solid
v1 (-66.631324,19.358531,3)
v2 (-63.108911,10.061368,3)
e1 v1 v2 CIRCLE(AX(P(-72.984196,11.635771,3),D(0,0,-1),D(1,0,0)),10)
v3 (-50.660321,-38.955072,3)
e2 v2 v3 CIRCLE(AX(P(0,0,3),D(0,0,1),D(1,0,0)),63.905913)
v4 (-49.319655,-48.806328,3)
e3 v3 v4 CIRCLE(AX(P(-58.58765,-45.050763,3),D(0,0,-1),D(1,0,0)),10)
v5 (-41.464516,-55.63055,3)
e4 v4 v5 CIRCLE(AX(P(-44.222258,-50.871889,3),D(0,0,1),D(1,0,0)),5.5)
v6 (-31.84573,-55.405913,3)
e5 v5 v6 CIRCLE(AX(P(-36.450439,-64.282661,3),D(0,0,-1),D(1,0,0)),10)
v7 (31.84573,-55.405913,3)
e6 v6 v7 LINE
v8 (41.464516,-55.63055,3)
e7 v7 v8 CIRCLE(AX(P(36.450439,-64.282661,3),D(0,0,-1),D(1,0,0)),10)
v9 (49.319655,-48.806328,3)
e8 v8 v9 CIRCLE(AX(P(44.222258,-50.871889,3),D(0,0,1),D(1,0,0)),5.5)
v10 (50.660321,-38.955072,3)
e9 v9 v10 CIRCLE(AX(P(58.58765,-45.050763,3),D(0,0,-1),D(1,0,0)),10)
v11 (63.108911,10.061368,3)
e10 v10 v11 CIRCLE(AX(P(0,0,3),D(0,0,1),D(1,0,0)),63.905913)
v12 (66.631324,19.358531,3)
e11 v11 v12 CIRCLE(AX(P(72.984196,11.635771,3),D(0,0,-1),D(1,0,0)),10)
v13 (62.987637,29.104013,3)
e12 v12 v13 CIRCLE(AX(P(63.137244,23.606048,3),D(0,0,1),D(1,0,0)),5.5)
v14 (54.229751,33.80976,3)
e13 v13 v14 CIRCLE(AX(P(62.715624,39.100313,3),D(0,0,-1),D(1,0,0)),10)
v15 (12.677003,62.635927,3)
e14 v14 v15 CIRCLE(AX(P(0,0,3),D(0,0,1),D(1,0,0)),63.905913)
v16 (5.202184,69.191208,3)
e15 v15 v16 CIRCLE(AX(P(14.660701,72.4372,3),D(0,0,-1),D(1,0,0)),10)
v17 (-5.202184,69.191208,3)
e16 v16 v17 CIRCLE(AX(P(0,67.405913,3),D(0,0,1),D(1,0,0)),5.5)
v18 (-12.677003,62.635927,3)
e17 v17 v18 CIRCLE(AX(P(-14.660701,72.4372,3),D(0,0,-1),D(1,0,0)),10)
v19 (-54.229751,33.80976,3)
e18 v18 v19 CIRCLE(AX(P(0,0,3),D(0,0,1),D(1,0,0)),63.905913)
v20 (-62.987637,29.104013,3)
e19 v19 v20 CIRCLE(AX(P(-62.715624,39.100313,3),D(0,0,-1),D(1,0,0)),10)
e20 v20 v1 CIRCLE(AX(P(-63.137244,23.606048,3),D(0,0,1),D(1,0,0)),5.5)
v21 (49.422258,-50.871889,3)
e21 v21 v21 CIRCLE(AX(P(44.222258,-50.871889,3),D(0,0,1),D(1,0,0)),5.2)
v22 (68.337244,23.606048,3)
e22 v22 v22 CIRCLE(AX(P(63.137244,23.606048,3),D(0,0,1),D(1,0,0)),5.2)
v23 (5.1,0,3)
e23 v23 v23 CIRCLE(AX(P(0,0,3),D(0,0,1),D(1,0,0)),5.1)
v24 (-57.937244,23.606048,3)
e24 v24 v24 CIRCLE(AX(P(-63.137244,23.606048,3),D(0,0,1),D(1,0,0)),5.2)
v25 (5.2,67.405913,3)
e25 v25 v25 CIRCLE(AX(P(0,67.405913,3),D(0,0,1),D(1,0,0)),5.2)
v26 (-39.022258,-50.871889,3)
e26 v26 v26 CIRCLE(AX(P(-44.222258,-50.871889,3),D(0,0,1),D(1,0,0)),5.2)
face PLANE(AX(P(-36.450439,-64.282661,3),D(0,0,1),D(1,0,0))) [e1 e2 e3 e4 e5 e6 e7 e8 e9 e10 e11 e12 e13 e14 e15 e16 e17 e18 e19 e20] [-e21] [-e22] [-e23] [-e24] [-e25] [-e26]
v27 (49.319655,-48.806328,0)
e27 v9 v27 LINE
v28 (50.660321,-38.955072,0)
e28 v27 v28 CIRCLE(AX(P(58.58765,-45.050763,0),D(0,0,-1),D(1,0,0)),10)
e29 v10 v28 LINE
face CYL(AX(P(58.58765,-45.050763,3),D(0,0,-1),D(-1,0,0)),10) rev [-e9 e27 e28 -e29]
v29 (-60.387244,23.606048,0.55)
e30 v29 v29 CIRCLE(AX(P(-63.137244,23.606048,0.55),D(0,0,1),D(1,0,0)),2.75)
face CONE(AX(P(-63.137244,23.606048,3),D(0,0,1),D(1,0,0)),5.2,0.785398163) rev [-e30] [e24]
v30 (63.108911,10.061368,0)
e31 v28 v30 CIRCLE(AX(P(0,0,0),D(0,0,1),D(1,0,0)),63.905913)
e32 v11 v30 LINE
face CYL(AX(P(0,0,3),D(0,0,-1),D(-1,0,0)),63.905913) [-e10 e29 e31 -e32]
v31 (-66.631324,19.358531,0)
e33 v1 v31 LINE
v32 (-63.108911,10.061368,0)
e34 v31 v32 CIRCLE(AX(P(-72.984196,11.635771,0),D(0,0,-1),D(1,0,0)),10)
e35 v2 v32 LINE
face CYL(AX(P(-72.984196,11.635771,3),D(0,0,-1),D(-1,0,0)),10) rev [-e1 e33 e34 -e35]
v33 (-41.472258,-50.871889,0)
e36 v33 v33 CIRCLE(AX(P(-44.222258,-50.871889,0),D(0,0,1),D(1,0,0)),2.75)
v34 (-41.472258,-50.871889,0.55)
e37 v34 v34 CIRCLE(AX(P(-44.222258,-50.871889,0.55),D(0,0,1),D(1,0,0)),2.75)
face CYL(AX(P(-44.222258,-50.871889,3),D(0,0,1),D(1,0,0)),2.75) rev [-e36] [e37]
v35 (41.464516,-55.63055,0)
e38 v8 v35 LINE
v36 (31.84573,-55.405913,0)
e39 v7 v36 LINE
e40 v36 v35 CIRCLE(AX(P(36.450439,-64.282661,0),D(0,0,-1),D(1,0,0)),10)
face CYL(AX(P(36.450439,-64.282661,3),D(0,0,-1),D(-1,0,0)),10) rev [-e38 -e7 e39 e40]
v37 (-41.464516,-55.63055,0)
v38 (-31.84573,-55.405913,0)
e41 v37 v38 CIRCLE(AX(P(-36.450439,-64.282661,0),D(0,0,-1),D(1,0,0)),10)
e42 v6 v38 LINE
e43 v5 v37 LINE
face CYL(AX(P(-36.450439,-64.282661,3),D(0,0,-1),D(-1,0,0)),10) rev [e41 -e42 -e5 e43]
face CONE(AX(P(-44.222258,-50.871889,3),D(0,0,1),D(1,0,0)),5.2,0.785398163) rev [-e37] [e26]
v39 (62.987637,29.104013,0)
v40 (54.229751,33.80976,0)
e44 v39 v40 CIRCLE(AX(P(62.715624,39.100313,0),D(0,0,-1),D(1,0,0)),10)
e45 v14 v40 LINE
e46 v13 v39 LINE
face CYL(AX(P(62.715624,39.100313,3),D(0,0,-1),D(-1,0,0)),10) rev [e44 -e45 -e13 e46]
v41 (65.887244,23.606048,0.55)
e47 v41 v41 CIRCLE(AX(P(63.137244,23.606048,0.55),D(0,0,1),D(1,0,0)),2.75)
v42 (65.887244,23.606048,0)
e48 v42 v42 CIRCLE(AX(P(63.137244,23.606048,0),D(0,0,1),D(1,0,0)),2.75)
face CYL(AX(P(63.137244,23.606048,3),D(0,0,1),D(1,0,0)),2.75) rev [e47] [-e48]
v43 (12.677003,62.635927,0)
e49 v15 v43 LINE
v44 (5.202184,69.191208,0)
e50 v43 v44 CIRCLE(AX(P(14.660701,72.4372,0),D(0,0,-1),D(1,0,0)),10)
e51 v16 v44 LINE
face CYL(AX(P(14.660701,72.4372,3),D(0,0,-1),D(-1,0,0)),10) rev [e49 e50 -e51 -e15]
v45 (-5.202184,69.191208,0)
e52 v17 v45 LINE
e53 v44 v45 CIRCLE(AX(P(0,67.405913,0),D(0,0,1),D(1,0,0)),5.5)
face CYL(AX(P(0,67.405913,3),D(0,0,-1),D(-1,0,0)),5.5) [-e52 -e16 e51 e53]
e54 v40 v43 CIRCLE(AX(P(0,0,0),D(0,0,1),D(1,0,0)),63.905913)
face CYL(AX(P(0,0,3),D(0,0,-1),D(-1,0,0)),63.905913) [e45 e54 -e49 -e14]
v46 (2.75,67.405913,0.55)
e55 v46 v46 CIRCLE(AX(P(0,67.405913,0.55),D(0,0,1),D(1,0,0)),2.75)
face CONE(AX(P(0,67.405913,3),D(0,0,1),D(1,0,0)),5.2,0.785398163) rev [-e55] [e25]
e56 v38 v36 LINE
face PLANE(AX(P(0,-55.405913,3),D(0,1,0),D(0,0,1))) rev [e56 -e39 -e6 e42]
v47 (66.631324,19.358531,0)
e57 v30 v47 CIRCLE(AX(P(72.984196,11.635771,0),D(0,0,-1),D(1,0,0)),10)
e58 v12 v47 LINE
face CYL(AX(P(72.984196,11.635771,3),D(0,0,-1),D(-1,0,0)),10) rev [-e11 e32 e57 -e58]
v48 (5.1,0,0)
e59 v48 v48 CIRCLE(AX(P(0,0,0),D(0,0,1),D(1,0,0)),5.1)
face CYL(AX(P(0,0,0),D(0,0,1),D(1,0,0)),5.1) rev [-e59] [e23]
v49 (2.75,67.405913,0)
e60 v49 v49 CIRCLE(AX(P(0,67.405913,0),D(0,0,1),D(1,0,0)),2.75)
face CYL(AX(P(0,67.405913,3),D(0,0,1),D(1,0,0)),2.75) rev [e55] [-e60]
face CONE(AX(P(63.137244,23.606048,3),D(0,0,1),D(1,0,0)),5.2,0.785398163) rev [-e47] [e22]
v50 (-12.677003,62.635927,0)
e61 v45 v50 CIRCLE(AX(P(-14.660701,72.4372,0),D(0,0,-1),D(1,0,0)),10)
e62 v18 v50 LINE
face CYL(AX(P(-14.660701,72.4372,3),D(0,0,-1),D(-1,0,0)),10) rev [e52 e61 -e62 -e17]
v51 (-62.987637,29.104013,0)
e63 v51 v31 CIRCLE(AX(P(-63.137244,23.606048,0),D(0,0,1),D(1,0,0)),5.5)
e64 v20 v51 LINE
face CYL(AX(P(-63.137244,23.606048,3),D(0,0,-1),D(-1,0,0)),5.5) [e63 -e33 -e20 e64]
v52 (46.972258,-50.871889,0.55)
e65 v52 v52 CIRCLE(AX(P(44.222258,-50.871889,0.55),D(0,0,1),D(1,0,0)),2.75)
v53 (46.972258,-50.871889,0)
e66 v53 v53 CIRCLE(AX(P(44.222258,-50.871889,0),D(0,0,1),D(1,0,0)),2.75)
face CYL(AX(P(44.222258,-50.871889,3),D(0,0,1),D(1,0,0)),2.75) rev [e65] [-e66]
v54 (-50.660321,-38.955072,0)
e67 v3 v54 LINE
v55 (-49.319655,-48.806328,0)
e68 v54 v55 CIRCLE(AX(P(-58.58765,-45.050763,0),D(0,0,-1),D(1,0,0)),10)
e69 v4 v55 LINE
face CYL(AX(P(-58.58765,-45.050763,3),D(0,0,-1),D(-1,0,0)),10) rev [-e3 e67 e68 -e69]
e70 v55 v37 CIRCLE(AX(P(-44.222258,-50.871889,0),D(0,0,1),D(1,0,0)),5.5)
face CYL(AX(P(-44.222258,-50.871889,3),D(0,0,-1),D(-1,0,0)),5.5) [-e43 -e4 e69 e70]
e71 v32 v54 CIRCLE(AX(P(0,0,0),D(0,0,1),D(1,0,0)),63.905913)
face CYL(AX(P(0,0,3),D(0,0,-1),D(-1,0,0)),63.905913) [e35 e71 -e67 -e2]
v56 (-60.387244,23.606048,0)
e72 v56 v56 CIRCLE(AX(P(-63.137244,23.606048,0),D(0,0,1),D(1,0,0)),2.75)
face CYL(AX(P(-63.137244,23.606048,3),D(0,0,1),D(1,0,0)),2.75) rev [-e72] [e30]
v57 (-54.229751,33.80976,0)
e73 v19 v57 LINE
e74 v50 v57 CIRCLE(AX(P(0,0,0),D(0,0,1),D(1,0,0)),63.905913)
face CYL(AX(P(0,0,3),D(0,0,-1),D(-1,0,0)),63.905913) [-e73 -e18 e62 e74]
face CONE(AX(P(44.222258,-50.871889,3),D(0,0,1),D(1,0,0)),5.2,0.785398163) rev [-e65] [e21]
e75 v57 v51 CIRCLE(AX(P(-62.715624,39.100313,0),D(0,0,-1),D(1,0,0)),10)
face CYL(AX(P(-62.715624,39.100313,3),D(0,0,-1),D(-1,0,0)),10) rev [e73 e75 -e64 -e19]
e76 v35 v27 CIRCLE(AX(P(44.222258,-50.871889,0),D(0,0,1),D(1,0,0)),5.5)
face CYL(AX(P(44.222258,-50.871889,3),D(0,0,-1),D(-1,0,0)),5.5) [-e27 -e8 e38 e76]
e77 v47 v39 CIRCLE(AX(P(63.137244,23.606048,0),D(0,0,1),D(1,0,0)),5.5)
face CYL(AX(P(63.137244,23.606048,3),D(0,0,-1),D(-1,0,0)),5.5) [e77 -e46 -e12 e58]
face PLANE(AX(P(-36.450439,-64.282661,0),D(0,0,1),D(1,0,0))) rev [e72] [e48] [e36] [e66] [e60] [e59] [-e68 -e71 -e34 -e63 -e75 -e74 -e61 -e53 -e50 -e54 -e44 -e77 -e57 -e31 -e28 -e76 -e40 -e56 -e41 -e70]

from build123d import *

# Parameters (mm, degrees)
BOSS_EXTRUDE1_DEPTH                          = 3
CSK_FOR_M5_COUNTERSUNK_FLAT_HEAD_SCR_2_COUNT = 2
CSK_FOR_M5_COUNTERSUNK_FLAT_HEAD_SCR_2_PITCH = 76.842304832
CSK_FOR_M5_COUNTERSUNK_FLAT_HEAD_SCR_3_COUNT = 2
CSK_FOR_M5_COUNTERSUNK_FLAT_HEAD_SCR_3_PITCH = 126.274488939
CSK_FOR_M5_COUNTERSUNK_FLAT_HEAD_SCR_4_COUNT = 2
CSK_FOR_M5_COUNTERSUNK_FLAT_HEAD_SCR_4_PITCH = 130.663789522
CSK_FOR_M5_COUNTERSUNK_FLAT_HEAD_SCR_5_COUNT = 2
CSK_FOR_M5_COUNTERSUNK_FLAT_HEAD_SCR_5_PITCH = 76.842304832
SKETCH7_R                                    = 5.1
CUT_EXTRUDE1_DEPTH                           = 101.176561813


with BuildPart() as part:
    # Sketch1 → Boss-Extrude1 (new body)
    with BuildSketch(Plane.XY):
        with BuildLine():
            Line((-31.845730134, -55.405913397), (0, -55.405913397))
            Line((0, -55.405913397), (31.845730134, -55.405913397))
            ThreePointArc((31.845730134, -55.405913397), (36.683914759, -54.28538737), (41.464515841, -55.630549937))
            ThreePointArc((41.464515841, -55.630549937), (47.829334185, -55.023876328), (49.319655375, -48.806327923))
            ThreePointArc((49.319655375, -48.806327923), (48.678987264, -43.702284601), (50.66032125, -38.955071786))
            ThreePointArc((50.66032125, -38.955071786), (61.939586577, -15.730651027), (63.108911007, 10.061367629))
            ThreePointArc((63.108911007, 10.061367629), (63.632854976, 15.178710356), (66.631324059, 19.35853057))
            ThreePointArc((66.631324059, 19.35853057), (68.28894151, 25.532189009), (62.987637378, 29.104013283))
            ThreePointArc((62.987637378, 29.104013283), (57.982455244, 30.291390926), (54.229750811, 33.809760336))
            ThreePointArc((54.229750811, 33.809760336), (36.426163747, 52.508098059), (12.677003214, 62.635927043))
            ThreePointArc((12.677003214, 62.635927043), (8.067219644, 64.918821983), (5.202184299, 69.191208475))
            ThreePointArc((5.202184299, 69.191208475), (0, 72.905913397), (-5.202184299, 69.191208475))
            ThreePointArc((-5.202184299, 69.191208475), (-8.067219644, 64.918821983), (-12.677003214, 62.635927043))
            ThreePointArc((-12.677003214, 62.635927043), (-36.426163747, 52.508098059), (-54.229750811, 33.809760336))
            ThreePointArc((-54.229750811, 33.809760336), (-57.982455244, 30.291390926), (-62.987637378, 29.104013283))
            ThreePointArc((-62.987637378, 29.104013283), (-68.28894151, 25.532189009), (-66.631324059, 19.35853057))
            ThreePointArc((-66.631324059, 19.35853057), (-63.632854976, 15.178710356), (-63.108911007, 10.061367629))
            ThreePointArc((-63.108911007, 10.061367629), (-61.939586577, -15.730651027), (-50.66032125, -38.955071786))
            ThreePointArc((-50.66032125, -38.955071786), (-48.678987264, -43.702284601), (-49.319655375, -48.806327923))
            ThreePointArc((-49.319655375, -48.806327923), (-47.829334185, -55.023876328), (-41.464515841, -55.630549937))
            ThreePointArc((-41.464515841, -55.630549937), (-36.683914759, -54.28538737), (-31.845730134, -55.405913397))
        make_face()
    extrude(amount=BOSS_EXTRUDE1_DEPTH)

    # Sketch3 → CSK for M5 Countersunk Flat Head Screw1 (revolve, cut)
    with BuildSketch(Plane(origin=(-63.13724447, 23.606048412, 3), x_dir=(0, -1, 0), z_dir=(1, 0, 0))):
        Polygon((0, 0), (0, 3), (2.75, 3), (2.75, 2.45), (5.2, 0), align=None)
    csk_for_m5_countersunk_flat_head_screw1 = revolve(axis=Axis((-63.13724447, 23.606048412, 9.35), (0, 0, -1)), mode=Mode.SUBTRACT)

    # CSK for M5 Countersunk Flat Head Scr 2: CSK for M5 Countersunk Flat Head Screw1 ×2
    with Locations(*[Vector(0.8216469379421629, 0.5699967625963042, 0) * (i * CSK_FOR_M5_COUNTERSUNK_FLAT_HEAD_SCR_2_PITCH) for i in range(1, CSK_FOR_M5_COUNTERSUNK_FLAT_HEAD_SCR_2_COUNT)]):
        add(csk_for_m5_countersunk_flat_head_screw1, mode=Mode.SUBTRACT)

    # CSK for M5 Countersunk Flat Head Scr 3: CSK for M5 Countersunk Flat Head Screw1 ×2
    with Locations(*[(i * CSK_FOR_M5_COUNTERSUNK_FLAT_HEAD_SCR_3_PITCH, 0, 0) for i in range(1, CSK_FOR_M5_COUNTERSUNK_FLAT_HEAD_SCR_3_COUNT)]):
        add(csk_for_m5_countersunk_flat_head_screw1, mode=Mode.SUBTRACT)

    # CSK for M5 Countersunk Flat Head Scr 4: CSK for M5 Countersunk Flat Head Screw1 ×2
    with Locations(*[Vector(0.8216469379421629, -0.5699967625963043, 0) * (i * CSK_FOR_M5_COUNTERSUNK_FLAT_HEAD_SCR_4_PITCH) for i in range(1, CSK_FOR_M5_COUNTERSUNK_FLAT_HEAD_SCR_4_COUNT)]):
        add(csk_for_m5_countersunk_flat_head_screw1, mode=Mode.SUBTRACT)

    # CSK for M5 Countersunk Flat Head Scr 5: CSK for M5 Countersunk Flat Head Screw1 ×2
    with Locations(*[Vector(0.24615329302899694, -0.9692309097067534, 0) * (i * CSK_FOR_M5_COUNTERSUNK_FLAT_HEAD_SCR_5_PITCH) for i in range(1, CSK_FOR_M5_COUNTERSUNK_FLAT_HEAD_SCR_5_COUNT)]):
        add(csk_for_m5_countersunk_flat_head_screw1, mode=Mode.SUBTRACT)

    # Sketch7 → Cut-Extrude1 (cut, through all)
    with BuildSketch(Plane.XY.offset(3)):
        Circle(SKETCH7_R)
    extrude(amount=-CUT_EXTRUDE1_DEPTH, mode=Mode.SUBTRACT)


solid = part.part
